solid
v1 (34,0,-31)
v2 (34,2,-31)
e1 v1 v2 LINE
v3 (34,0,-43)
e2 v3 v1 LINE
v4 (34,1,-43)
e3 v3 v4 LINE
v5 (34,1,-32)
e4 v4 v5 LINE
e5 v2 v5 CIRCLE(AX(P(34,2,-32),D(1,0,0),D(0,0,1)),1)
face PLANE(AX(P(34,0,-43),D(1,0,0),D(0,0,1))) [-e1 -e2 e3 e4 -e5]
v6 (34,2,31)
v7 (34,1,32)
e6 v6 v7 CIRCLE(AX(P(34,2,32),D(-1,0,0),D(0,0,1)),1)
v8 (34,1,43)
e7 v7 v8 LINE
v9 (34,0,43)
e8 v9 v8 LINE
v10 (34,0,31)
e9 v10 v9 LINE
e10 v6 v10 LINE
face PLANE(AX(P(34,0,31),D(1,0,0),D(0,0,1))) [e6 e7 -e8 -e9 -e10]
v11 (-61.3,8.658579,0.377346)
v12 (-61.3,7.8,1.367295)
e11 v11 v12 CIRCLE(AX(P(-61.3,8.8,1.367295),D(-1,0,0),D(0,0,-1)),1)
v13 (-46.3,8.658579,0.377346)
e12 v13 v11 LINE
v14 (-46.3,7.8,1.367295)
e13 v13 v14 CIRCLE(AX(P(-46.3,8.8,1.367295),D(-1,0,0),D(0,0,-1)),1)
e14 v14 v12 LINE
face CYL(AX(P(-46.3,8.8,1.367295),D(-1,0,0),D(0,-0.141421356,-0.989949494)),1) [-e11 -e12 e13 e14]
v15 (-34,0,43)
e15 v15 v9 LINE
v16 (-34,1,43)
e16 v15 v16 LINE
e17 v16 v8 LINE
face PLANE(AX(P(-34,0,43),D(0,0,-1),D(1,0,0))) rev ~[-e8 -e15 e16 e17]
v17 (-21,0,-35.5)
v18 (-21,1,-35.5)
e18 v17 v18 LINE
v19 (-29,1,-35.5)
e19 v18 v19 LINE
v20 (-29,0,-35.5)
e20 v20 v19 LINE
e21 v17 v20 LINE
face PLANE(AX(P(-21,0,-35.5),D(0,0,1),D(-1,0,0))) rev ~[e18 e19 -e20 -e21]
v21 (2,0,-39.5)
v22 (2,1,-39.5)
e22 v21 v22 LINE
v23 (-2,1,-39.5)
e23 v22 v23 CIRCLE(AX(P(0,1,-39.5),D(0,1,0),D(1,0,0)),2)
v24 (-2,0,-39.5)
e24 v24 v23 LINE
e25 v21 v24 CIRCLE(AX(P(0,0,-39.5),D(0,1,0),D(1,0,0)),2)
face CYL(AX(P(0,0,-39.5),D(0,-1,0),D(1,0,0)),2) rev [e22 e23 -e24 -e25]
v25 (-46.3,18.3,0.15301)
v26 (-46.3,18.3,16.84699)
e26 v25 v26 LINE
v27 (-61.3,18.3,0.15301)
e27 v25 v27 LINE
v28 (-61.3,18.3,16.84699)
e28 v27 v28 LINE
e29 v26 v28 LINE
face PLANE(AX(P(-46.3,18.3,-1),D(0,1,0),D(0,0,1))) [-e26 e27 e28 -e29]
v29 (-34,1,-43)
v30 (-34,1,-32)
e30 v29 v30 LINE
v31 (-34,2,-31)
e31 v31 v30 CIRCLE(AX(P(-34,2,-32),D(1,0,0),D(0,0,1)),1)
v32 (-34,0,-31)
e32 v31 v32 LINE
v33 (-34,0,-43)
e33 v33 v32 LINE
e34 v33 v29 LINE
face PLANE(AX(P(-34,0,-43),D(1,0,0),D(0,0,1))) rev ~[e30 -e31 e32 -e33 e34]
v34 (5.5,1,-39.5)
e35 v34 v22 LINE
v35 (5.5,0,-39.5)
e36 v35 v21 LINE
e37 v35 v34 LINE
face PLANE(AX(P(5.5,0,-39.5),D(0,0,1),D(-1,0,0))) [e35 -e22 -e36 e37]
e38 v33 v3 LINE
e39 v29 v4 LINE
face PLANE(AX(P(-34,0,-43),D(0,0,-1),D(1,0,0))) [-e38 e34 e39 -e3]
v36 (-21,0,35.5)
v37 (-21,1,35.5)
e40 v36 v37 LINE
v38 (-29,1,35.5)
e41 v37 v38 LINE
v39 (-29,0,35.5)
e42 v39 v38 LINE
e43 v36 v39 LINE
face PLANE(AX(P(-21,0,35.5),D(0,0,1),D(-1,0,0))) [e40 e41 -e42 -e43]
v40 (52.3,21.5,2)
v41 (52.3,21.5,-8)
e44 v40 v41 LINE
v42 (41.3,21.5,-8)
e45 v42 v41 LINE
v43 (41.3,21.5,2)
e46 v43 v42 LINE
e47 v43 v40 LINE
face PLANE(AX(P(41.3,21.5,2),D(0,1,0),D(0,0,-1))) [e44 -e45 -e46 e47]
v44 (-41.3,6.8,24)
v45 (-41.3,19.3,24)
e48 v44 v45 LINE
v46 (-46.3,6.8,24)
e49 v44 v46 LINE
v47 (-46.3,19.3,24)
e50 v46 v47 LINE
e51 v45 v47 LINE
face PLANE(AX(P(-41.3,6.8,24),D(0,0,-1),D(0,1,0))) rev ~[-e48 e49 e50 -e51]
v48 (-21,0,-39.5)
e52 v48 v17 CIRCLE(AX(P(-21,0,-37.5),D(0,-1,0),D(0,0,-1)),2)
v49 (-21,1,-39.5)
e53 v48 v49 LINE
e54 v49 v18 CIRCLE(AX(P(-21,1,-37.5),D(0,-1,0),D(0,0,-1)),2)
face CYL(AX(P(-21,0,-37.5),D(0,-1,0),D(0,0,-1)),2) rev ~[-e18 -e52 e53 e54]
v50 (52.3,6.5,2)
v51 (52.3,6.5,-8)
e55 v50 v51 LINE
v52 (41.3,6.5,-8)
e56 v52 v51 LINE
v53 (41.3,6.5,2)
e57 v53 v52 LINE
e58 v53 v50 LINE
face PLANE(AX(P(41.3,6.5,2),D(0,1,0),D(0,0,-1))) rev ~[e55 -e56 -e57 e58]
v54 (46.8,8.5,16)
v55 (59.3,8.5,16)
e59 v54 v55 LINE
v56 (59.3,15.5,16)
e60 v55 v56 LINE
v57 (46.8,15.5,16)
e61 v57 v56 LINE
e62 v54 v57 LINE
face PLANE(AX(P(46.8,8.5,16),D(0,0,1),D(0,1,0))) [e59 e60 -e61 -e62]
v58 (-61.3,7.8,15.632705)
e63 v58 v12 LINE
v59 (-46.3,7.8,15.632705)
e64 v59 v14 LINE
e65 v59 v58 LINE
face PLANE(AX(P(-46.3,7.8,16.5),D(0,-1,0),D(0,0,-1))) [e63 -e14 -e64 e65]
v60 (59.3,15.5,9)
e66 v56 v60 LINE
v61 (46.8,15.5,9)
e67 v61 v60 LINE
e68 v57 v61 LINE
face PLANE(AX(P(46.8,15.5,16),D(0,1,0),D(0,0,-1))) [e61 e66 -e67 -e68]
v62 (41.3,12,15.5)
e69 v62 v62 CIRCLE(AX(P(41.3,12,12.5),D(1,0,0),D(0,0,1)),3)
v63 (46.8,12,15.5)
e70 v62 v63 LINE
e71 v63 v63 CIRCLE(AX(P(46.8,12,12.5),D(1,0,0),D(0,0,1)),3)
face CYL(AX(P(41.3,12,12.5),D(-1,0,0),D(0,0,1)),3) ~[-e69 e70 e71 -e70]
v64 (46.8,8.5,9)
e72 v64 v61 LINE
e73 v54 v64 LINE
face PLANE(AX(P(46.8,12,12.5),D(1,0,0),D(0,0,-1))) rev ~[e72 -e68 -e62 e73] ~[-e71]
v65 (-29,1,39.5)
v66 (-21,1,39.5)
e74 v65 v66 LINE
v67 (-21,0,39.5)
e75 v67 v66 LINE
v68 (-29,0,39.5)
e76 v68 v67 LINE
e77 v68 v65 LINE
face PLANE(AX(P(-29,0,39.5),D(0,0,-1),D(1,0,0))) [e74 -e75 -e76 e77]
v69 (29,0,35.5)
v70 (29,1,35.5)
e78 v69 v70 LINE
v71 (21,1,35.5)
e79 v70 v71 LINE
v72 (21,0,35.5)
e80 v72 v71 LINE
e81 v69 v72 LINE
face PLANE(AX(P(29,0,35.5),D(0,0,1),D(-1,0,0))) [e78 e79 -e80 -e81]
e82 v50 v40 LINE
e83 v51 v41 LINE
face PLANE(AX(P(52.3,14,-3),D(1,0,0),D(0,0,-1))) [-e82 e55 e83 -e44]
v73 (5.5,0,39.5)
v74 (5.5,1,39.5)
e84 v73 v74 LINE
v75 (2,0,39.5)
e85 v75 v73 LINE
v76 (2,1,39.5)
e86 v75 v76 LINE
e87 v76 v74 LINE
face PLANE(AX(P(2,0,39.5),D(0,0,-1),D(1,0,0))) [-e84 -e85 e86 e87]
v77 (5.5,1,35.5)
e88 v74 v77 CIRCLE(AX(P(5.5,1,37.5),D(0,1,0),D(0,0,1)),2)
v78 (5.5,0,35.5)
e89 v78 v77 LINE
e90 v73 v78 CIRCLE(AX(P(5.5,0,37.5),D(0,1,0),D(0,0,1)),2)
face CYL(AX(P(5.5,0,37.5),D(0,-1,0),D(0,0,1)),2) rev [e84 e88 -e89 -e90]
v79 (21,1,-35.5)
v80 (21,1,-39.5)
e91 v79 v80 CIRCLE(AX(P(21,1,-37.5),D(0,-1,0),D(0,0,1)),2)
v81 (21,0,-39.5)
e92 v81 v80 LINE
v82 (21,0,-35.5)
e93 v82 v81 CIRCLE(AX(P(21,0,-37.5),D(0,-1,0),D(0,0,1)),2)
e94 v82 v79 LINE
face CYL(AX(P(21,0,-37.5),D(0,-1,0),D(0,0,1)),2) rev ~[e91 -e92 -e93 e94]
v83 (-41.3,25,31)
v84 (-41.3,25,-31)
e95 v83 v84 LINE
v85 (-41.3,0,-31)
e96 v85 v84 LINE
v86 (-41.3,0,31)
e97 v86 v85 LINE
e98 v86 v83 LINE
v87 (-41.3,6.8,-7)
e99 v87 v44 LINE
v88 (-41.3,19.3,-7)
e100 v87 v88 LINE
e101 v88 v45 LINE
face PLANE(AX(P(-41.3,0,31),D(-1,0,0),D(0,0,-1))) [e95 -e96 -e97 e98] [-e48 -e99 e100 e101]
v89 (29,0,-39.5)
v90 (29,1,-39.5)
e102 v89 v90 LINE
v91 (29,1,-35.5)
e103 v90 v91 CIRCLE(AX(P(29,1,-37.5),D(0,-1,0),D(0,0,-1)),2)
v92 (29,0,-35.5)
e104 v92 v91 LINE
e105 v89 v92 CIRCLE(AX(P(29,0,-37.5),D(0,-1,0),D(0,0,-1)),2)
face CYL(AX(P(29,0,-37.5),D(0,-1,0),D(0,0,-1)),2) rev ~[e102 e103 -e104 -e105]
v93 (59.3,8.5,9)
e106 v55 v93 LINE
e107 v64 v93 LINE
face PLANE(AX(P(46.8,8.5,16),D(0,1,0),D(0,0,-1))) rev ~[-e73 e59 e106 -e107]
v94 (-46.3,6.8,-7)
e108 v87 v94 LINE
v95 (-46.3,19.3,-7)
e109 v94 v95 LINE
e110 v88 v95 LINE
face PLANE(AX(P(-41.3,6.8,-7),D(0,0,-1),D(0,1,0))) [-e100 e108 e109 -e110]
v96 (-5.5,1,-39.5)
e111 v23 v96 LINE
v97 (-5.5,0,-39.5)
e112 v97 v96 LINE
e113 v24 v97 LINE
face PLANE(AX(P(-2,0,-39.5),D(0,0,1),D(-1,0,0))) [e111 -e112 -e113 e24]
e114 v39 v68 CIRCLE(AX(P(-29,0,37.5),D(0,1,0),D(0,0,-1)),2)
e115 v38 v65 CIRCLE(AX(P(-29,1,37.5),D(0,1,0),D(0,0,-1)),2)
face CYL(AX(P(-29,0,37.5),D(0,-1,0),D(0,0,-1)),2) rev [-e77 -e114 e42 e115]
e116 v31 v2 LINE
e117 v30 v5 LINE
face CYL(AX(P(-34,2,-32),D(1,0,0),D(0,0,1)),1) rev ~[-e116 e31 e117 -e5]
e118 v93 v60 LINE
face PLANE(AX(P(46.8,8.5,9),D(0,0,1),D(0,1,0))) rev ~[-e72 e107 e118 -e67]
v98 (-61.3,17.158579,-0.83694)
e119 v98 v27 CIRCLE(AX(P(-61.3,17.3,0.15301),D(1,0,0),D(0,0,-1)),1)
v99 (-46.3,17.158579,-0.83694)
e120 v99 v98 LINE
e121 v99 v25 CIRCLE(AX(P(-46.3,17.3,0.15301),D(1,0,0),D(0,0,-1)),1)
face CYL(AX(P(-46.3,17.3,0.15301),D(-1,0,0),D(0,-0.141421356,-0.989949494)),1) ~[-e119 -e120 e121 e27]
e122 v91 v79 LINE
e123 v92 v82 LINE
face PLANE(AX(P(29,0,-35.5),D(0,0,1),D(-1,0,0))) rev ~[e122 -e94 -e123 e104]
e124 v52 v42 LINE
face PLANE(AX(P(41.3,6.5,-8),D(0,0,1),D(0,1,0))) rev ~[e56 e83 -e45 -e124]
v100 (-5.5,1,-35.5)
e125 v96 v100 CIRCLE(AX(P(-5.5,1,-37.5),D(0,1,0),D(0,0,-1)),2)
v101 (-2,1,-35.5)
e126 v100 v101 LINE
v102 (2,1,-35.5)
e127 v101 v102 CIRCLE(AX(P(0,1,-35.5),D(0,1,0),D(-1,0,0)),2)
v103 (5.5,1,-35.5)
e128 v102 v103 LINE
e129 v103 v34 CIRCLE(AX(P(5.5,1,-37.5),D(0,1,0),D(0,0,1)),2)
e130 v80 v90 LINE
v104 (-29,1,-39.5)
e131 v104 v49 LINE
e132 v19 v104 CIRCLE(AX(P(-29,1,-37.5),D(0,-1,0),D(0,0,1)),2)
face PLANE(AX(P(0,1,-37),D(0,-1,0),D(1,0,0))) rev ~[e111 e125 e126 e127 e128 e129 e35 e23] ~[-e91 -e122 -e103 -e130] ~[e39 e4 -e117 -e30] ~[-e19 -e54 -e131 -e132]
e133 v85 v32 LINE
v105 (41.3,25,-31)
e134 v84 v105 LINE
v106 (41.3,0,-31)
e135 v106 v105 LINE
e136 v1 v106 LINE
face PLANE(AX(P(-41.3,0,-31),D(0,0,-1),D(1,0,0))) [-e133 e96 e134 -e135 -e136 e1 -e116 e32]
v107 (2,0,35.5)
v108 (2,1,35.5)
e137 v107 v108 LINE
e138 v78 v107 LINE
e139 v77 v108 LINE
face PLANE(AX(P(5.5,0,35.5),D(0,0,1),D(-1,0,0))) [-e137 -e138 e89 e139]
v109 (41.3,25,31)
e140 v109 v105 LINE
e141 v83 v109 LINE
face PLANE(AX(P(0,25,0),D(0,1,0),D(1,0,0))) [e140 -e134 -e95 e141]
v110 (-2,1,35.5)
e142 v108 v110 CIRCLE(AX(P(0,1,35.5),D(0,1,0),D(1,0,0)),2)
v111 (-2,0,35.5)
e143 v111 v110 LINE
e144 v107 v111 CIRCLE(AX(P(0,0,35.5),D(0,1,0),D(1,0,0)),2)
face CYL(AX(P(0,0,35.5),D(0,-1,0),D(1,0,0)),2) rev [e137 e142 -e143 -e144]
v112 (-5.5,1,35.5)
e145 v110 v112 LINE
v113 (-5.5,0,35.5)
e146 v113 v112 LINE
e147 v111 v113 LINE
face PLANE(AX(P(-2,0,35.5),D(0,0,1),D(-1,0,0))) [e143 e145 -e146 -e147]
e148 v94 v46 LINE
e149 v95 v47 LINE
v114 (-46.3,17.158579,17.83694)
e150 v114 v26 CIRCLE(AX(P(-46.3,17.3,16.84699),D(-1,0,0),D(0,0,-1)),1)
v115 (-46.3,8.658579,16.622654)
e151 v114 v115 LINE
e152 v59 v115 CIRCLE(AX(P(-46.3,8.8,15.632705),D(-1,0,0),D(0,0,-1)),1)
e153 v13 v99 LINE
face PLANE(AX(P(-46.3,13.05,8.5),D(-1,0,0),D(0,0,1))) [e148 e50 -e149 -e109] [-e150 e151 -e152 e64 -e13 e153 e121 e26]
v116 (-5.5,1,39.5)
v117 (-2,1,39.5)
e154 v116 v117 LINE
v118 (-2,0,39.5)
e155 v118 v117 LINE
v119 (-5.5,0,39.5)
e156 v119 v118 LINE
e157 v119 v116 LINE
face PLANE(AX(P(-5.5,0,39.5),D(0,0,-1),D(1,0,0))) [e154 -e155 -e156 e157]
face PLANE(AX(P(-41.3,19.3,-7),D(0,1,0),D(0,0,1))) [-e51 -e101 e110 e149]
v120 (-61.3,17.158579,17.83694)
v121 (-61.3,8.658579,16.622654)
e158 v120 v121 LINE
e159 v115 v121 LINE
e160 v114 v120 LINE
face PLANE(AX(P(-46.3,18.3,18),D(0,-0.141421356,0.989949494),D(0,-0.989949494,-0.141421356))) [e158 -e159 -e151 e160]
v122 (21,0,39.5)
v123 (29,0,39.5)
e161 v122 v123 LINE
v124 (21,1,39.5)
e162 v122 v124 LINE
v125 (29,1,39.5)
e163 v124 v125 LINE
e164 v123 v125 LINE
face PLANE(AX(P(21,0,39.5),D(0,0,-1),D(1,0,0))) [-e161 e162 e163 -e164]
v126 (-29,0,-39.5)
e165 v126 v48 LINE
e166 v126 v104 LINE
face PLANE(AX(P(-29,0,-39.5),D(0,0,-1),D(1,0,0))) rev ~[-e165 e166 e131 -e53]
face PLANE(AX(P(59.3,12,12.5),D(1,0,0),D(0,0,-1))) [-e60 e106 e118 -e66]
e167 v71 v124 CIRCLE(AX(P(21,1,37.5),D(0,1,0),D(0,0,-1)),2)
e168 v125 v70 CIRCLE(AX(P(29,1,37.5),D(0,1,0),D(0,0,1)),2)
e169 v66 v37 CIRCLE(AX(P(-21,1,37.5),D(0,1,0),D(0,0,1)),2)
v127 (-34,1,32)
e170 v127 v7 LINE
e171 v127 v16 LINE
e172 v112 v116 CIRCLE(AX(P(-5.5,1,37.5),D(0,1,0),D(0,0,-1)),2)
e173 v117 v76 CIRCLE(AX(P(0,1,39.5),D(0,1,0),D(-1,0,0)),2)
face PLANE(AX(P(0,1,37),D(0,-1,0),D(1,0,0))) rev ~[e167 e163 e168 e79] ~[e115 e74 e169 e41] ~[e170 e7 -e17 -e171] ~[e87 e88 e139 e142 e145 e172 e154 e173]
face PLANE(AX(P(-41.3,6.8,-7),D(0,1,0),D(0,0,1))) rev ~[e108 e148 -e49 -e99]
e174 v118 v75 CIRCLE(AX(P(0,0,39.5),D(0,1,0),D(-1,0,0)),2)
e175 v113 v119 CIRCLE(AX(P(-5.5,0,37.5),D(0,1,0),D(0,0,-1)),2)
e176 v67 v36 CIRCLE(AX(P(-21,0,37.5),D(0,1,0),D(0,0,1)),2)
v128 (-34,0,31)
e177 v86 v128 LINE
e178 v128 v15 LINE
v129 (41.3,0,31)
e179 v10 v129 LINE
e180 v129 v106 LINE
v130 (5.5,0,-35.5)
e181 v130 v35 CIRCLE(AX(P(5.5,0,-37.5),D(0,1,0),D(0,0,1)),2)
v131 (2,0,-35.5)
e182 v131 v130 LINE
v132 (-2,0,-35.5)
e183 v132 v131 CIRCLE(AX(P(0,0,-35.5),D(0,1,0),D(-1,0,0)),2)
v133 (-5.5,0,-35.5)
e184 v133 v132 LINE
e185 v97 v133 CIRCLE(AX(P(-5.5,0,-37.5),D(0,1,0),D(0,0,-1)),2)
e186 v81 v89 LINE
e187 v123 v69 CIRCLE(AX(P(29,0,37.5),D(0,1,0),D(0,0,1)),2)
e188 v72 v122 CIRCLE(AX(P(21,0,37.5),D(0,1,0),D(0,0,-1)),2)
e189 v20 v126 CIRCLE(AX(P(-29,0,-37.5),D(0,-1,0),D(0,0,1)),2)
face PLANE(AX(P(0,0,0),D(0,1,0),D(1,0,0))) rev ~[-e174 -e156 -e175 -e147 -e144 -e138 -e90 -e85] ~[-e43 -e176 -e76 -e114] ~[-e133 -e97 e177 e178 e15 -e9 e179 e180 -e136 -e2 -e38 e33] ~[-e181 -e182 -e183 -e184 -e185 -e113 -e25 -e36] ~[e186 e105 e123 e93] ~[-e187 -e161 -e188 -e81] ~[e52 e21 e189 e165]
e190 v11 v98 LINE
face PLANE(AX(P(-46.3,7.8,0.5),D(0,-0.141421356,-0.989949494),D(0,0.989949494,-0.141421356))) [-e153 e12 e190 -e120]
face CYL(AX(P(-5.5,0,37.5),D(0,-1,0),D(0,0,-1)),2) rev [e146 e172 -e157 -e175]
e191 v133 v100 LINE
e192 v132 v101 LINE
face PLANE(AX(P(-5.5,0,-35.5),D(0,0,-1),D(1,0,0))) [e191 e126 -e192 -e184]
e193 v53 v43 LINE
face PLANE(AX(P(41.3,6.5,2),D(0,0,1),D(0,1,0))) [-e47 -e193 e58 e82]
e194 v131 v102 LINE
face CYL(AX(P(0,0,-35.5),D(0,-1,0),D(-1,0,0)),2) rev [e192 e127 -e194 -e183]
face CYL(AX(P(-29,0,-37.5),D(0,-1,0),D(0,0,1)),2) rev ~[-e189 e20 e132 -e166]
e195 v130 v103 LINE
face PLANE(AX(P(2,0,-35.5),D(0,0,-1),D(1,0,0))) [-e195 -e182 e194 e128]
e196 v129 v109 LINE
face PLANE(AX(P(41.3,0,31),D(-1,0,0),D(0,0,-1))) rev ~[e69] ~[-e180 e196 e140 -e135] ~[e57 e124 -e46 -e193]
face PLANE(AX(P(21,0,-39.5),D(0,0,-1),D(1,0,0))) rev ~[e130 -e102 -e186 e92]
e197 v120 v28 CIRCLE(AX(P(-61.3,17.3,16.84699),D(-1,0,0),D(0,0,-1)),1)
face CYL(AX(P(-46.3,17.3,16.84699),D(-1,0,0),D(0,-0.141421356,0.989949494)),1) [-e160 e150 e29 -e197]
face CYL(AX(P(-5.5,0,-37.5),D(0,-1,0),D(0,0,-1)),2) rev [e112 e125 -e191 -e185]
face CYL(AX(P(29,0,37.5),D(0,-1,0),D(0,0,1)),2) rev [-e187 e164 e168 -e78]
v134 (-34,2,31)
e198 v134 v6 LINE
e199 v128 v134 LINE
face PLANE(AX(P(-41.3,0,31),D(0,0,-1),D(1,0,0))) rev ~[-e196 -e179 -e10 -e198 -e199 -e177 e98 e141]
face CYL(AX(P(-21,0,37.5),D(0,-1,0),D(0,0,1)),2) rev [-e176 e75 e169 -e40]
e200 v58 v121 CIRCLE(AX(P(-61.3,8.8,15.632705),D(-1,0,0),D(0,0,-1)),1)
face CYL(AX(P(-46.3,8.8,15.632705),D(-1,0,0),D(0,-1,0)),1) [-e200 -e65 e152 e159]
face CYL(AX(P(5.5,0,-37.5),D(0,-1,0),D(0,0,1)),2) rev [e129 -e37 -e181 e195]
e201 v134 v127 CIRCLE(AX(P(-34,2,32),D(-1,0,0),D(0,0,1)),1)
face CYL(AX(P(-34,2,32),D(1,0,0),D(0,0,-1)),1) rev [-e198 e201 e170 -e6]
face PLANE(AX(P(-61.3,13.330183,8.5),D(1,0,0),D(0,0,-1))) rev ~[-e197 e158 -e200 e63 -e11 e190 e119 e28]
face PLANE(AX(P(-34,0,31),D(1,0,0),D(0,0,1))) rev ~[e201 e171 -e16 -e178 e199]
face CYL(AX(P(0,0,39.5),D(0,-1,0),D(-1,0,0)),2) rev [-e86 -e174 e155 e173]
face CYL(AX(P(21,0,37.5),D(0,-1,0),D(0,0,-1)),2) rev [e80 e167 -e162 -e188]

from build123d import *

# Parameters (mm, degrees)
SKETCH_1_W      = 82.6
SKETCH_1_H      = 62
EXTRUDE_1_DEPTH = 25
SKETCH_2_W      = 68
SKETCH_2_H      = 12
EXTRUDE_2_DEPTH = 1
FILLET_1_R      = 1
SKETCH_3_R      = 3
EXTRUDE_3_DEPTH = 5.5
SKETCH_4_W      = 10
SKETCH_4_H      = 15
EXTRUDE_4_DEPTH = 11
SKETCH_5_W      = 31
SKETCH_5_H      = 12.5
EXTRUDE_5_DEPTH = 5
EXTRUDE_6_DEPTH = 15
FILLET_2_R      = 1
SKETCH_7_W      = 7
SKETCH_7_H      = 7
EXTRUDE_7_DEPTH = 12.5


with BuildPart() as part:
    # 草图1 → 凸台-拉伸1 (new body)
    with BuildSketch(Plane(origin=(0, 0, 0), x_dir=(1, 0, 0), z_dir=(0, 1, 0))):
        Rectangle(SKETCH_1_W, SKETCH_1_H)
    extrude(amount=EXTRUDE_1_DEPTH)

    # 草图2 → 凸台-拉伸2 (add)
    # profile 1 of 2: a face of its own
    with BuildSketch(Plane.XZ):
        with Locations((0, 37)):
            Rectangle(SKETCH_2_W, SKETCH_2_H)
        with BuildLine():
            Line((-29, 39.5), (-21, 39.5))
            ThreePointArc((-21, 39.5), (-19, 37.5), (-21, 35.5))
            Line((-21, 35.5), (-29, 35.5))
            ThreePointArc((-29, 35.5), (-31, 37.5), (-29, 39.5))
        make_face(mode=Mode.SUBTRACT)
        with BuildLine():
            Line((21, 39.5), (29, 39.5))
            ThreePointArc((29, 39.5), (31, 37.5), (29, 35.5))
            Line((29, 35.5), (21, 35.5))
            ThreePointArc((21, 35.5), (19, 37.5), (21, 39.5))
        make_face(mode=Mode.SUBTRACT)
        with BuildLine():
            Line((-5.5, 39.5), (-2, 39.5))
            ThreePointArc((-2, 39.5), (0, 41.5), (2, 39.5))
            Line((2, 39.5), (5.5, 39.5))
            ThreePointArc((5.5, 39.5), (7.5, 37.5), (5.5, 35.5))
            Line((5.5, 35.5), (2, 35.5))
            ThreePointArc((2, 35.5), (0, 33.5), (-2, 35.5))
            Line((-2, 35.5), (-5.5, 35.5))
            ThreePointArc((-5.5, 35.5), (-7.5, 37.5), (-5.5, 39.5))
        make_face(mode=Mode.SUBTRACT)
    # profile 2 of 2: a face of its own
    with BuildSketch(Plane.XZ):
        with Locations((0, -37)):
            Rectangle(SKETCH_2_W, SKETCH_2_H)
        with BuildLine():
            Line((2, -35.5), (5.5, -35.5))
            ThreePointArc((5.5, -35.5), (7.5, -37.5), (5.5, -39.5))
            Line((5.5, -39.5), (2, -39.5))
            ThreePointArc((2, -39.5), (0, -41.5), (-2, -39.5))
            Line((-2, -39.5), (-5.5, -39.5))
            ThreePointArc((-5.5, -39.5), (-7.5, -37.5), (-5.5, -35.5))
            Line((-5.5, -35.5), (-2, -35.5))
            ThreePointArc((-2, -35.5), (0, -33.5), (2, -35.5))
        make_face(mode=Mode.SUBTRACT)
        with BuildLine():
            Line((21, -39.5), (29, -39.5))
            ThreePointArc((29, -39.5), (31, -37.5), (29, -35.5))
            Line((29, -35.5), (21, -35.5))
            ThreePointArc((21, -35.5), (19, -37.5), (21, -39.5))
        make_face(mode=Mode.SUBTRACT)
        with BuildLine():
            Line((-29, -39.5), (-21, -39.5))
            ThreePointArc((-21, -39.5), (-19, -37.5), (-21, -35.5))
            Line((-21, -35.5), (-29, -35.5))
            ThreePointArc((-29, -35.5), (-31, -37.5), (-29, -39.5))
        make_face(mode=Mode.SUBTRACT)
    extrude(amount=-EXTRUDE_2_DEPTH)

    # 圆角1
    fillet_1_edges = [part.edges().sort_by_distance(p)[0] for p in [
        (0, 1, 31),
        (0, 1, -31),
    ]]
    fillet(fillet_1_edges, radius=FILLET_1_R)

    # 草图3 → 凸台-拉伸3 (add)
    with BuildSketch(Plane(origin=(41.3, 0, 0), x_dir=(0, 0, -1), z_dir=(1, 0, 0))):
        with Locations(Location((-12.5, 12, 0), (0, 0, 180))):
            Circle(SKETCH_3_R)
    extrude(amount=EXTRUDE_3_DEPTH)

    # 草图4 → 凸台-拉伸4 (add)
    with BuildSketch(Plane(origin=(41.3, 0, 0), x_dir=(0, 0, -1), z_dir=(1, 0, 0))):
        with Locations((3, 14)):
            Rectangle(SKETCH_4_W, SKETCH_4_H)
    extrude(amount=EXTRUDE_4_DEPTH)

    # 草图5 → 凸台-拉伸5 (add)
    with BuildSketch(Plane.ZY.offset(41.3)):
        with Locations((8.5, 13.05)):
            Rectangle(SKETCH_5_W, SKETCH_5_H)
    extrude(amount=EXTRUDE_5_DEPTH)

    # 草图6 → 凸台-拉伸6 (add)
    with BuildSketch(Plane.ZY.offset(46.3)):
        Polygon((-1, 18.3), (18, 18.3), (16.5, 7.8), (0.5, 7.8), align=None)
    extrude(amount=EXTRUDE_6_DEPTH)

    # 圆角2
    fillet_2_edges = [part.edges().sort_by_distance(p)[0] for p in [
        (-53.8, 18.3, -1),
        (-53.8, 7.8, 0.5),
        (-53.8, 7.8, 16.5),
        (-53.8, 18.3, 18),
    ]]
    fillet(fillet_2_edges, radius=FILLET_2_R)

    # 草图7 → 凸台-拉伸7 (add)
    with BuildSketch(Plane(origin=(46.8, 0, 0), x_dir=(0, 0, -1), z_dir=(1, 0, 0))):
        with Locations((-12.5, 12)):
            Rectangle(SKETCH_7_W, SKETCH_7_H)
    extrude(amount=EXTRUDE_7_DEPTH)


solid = part.part
